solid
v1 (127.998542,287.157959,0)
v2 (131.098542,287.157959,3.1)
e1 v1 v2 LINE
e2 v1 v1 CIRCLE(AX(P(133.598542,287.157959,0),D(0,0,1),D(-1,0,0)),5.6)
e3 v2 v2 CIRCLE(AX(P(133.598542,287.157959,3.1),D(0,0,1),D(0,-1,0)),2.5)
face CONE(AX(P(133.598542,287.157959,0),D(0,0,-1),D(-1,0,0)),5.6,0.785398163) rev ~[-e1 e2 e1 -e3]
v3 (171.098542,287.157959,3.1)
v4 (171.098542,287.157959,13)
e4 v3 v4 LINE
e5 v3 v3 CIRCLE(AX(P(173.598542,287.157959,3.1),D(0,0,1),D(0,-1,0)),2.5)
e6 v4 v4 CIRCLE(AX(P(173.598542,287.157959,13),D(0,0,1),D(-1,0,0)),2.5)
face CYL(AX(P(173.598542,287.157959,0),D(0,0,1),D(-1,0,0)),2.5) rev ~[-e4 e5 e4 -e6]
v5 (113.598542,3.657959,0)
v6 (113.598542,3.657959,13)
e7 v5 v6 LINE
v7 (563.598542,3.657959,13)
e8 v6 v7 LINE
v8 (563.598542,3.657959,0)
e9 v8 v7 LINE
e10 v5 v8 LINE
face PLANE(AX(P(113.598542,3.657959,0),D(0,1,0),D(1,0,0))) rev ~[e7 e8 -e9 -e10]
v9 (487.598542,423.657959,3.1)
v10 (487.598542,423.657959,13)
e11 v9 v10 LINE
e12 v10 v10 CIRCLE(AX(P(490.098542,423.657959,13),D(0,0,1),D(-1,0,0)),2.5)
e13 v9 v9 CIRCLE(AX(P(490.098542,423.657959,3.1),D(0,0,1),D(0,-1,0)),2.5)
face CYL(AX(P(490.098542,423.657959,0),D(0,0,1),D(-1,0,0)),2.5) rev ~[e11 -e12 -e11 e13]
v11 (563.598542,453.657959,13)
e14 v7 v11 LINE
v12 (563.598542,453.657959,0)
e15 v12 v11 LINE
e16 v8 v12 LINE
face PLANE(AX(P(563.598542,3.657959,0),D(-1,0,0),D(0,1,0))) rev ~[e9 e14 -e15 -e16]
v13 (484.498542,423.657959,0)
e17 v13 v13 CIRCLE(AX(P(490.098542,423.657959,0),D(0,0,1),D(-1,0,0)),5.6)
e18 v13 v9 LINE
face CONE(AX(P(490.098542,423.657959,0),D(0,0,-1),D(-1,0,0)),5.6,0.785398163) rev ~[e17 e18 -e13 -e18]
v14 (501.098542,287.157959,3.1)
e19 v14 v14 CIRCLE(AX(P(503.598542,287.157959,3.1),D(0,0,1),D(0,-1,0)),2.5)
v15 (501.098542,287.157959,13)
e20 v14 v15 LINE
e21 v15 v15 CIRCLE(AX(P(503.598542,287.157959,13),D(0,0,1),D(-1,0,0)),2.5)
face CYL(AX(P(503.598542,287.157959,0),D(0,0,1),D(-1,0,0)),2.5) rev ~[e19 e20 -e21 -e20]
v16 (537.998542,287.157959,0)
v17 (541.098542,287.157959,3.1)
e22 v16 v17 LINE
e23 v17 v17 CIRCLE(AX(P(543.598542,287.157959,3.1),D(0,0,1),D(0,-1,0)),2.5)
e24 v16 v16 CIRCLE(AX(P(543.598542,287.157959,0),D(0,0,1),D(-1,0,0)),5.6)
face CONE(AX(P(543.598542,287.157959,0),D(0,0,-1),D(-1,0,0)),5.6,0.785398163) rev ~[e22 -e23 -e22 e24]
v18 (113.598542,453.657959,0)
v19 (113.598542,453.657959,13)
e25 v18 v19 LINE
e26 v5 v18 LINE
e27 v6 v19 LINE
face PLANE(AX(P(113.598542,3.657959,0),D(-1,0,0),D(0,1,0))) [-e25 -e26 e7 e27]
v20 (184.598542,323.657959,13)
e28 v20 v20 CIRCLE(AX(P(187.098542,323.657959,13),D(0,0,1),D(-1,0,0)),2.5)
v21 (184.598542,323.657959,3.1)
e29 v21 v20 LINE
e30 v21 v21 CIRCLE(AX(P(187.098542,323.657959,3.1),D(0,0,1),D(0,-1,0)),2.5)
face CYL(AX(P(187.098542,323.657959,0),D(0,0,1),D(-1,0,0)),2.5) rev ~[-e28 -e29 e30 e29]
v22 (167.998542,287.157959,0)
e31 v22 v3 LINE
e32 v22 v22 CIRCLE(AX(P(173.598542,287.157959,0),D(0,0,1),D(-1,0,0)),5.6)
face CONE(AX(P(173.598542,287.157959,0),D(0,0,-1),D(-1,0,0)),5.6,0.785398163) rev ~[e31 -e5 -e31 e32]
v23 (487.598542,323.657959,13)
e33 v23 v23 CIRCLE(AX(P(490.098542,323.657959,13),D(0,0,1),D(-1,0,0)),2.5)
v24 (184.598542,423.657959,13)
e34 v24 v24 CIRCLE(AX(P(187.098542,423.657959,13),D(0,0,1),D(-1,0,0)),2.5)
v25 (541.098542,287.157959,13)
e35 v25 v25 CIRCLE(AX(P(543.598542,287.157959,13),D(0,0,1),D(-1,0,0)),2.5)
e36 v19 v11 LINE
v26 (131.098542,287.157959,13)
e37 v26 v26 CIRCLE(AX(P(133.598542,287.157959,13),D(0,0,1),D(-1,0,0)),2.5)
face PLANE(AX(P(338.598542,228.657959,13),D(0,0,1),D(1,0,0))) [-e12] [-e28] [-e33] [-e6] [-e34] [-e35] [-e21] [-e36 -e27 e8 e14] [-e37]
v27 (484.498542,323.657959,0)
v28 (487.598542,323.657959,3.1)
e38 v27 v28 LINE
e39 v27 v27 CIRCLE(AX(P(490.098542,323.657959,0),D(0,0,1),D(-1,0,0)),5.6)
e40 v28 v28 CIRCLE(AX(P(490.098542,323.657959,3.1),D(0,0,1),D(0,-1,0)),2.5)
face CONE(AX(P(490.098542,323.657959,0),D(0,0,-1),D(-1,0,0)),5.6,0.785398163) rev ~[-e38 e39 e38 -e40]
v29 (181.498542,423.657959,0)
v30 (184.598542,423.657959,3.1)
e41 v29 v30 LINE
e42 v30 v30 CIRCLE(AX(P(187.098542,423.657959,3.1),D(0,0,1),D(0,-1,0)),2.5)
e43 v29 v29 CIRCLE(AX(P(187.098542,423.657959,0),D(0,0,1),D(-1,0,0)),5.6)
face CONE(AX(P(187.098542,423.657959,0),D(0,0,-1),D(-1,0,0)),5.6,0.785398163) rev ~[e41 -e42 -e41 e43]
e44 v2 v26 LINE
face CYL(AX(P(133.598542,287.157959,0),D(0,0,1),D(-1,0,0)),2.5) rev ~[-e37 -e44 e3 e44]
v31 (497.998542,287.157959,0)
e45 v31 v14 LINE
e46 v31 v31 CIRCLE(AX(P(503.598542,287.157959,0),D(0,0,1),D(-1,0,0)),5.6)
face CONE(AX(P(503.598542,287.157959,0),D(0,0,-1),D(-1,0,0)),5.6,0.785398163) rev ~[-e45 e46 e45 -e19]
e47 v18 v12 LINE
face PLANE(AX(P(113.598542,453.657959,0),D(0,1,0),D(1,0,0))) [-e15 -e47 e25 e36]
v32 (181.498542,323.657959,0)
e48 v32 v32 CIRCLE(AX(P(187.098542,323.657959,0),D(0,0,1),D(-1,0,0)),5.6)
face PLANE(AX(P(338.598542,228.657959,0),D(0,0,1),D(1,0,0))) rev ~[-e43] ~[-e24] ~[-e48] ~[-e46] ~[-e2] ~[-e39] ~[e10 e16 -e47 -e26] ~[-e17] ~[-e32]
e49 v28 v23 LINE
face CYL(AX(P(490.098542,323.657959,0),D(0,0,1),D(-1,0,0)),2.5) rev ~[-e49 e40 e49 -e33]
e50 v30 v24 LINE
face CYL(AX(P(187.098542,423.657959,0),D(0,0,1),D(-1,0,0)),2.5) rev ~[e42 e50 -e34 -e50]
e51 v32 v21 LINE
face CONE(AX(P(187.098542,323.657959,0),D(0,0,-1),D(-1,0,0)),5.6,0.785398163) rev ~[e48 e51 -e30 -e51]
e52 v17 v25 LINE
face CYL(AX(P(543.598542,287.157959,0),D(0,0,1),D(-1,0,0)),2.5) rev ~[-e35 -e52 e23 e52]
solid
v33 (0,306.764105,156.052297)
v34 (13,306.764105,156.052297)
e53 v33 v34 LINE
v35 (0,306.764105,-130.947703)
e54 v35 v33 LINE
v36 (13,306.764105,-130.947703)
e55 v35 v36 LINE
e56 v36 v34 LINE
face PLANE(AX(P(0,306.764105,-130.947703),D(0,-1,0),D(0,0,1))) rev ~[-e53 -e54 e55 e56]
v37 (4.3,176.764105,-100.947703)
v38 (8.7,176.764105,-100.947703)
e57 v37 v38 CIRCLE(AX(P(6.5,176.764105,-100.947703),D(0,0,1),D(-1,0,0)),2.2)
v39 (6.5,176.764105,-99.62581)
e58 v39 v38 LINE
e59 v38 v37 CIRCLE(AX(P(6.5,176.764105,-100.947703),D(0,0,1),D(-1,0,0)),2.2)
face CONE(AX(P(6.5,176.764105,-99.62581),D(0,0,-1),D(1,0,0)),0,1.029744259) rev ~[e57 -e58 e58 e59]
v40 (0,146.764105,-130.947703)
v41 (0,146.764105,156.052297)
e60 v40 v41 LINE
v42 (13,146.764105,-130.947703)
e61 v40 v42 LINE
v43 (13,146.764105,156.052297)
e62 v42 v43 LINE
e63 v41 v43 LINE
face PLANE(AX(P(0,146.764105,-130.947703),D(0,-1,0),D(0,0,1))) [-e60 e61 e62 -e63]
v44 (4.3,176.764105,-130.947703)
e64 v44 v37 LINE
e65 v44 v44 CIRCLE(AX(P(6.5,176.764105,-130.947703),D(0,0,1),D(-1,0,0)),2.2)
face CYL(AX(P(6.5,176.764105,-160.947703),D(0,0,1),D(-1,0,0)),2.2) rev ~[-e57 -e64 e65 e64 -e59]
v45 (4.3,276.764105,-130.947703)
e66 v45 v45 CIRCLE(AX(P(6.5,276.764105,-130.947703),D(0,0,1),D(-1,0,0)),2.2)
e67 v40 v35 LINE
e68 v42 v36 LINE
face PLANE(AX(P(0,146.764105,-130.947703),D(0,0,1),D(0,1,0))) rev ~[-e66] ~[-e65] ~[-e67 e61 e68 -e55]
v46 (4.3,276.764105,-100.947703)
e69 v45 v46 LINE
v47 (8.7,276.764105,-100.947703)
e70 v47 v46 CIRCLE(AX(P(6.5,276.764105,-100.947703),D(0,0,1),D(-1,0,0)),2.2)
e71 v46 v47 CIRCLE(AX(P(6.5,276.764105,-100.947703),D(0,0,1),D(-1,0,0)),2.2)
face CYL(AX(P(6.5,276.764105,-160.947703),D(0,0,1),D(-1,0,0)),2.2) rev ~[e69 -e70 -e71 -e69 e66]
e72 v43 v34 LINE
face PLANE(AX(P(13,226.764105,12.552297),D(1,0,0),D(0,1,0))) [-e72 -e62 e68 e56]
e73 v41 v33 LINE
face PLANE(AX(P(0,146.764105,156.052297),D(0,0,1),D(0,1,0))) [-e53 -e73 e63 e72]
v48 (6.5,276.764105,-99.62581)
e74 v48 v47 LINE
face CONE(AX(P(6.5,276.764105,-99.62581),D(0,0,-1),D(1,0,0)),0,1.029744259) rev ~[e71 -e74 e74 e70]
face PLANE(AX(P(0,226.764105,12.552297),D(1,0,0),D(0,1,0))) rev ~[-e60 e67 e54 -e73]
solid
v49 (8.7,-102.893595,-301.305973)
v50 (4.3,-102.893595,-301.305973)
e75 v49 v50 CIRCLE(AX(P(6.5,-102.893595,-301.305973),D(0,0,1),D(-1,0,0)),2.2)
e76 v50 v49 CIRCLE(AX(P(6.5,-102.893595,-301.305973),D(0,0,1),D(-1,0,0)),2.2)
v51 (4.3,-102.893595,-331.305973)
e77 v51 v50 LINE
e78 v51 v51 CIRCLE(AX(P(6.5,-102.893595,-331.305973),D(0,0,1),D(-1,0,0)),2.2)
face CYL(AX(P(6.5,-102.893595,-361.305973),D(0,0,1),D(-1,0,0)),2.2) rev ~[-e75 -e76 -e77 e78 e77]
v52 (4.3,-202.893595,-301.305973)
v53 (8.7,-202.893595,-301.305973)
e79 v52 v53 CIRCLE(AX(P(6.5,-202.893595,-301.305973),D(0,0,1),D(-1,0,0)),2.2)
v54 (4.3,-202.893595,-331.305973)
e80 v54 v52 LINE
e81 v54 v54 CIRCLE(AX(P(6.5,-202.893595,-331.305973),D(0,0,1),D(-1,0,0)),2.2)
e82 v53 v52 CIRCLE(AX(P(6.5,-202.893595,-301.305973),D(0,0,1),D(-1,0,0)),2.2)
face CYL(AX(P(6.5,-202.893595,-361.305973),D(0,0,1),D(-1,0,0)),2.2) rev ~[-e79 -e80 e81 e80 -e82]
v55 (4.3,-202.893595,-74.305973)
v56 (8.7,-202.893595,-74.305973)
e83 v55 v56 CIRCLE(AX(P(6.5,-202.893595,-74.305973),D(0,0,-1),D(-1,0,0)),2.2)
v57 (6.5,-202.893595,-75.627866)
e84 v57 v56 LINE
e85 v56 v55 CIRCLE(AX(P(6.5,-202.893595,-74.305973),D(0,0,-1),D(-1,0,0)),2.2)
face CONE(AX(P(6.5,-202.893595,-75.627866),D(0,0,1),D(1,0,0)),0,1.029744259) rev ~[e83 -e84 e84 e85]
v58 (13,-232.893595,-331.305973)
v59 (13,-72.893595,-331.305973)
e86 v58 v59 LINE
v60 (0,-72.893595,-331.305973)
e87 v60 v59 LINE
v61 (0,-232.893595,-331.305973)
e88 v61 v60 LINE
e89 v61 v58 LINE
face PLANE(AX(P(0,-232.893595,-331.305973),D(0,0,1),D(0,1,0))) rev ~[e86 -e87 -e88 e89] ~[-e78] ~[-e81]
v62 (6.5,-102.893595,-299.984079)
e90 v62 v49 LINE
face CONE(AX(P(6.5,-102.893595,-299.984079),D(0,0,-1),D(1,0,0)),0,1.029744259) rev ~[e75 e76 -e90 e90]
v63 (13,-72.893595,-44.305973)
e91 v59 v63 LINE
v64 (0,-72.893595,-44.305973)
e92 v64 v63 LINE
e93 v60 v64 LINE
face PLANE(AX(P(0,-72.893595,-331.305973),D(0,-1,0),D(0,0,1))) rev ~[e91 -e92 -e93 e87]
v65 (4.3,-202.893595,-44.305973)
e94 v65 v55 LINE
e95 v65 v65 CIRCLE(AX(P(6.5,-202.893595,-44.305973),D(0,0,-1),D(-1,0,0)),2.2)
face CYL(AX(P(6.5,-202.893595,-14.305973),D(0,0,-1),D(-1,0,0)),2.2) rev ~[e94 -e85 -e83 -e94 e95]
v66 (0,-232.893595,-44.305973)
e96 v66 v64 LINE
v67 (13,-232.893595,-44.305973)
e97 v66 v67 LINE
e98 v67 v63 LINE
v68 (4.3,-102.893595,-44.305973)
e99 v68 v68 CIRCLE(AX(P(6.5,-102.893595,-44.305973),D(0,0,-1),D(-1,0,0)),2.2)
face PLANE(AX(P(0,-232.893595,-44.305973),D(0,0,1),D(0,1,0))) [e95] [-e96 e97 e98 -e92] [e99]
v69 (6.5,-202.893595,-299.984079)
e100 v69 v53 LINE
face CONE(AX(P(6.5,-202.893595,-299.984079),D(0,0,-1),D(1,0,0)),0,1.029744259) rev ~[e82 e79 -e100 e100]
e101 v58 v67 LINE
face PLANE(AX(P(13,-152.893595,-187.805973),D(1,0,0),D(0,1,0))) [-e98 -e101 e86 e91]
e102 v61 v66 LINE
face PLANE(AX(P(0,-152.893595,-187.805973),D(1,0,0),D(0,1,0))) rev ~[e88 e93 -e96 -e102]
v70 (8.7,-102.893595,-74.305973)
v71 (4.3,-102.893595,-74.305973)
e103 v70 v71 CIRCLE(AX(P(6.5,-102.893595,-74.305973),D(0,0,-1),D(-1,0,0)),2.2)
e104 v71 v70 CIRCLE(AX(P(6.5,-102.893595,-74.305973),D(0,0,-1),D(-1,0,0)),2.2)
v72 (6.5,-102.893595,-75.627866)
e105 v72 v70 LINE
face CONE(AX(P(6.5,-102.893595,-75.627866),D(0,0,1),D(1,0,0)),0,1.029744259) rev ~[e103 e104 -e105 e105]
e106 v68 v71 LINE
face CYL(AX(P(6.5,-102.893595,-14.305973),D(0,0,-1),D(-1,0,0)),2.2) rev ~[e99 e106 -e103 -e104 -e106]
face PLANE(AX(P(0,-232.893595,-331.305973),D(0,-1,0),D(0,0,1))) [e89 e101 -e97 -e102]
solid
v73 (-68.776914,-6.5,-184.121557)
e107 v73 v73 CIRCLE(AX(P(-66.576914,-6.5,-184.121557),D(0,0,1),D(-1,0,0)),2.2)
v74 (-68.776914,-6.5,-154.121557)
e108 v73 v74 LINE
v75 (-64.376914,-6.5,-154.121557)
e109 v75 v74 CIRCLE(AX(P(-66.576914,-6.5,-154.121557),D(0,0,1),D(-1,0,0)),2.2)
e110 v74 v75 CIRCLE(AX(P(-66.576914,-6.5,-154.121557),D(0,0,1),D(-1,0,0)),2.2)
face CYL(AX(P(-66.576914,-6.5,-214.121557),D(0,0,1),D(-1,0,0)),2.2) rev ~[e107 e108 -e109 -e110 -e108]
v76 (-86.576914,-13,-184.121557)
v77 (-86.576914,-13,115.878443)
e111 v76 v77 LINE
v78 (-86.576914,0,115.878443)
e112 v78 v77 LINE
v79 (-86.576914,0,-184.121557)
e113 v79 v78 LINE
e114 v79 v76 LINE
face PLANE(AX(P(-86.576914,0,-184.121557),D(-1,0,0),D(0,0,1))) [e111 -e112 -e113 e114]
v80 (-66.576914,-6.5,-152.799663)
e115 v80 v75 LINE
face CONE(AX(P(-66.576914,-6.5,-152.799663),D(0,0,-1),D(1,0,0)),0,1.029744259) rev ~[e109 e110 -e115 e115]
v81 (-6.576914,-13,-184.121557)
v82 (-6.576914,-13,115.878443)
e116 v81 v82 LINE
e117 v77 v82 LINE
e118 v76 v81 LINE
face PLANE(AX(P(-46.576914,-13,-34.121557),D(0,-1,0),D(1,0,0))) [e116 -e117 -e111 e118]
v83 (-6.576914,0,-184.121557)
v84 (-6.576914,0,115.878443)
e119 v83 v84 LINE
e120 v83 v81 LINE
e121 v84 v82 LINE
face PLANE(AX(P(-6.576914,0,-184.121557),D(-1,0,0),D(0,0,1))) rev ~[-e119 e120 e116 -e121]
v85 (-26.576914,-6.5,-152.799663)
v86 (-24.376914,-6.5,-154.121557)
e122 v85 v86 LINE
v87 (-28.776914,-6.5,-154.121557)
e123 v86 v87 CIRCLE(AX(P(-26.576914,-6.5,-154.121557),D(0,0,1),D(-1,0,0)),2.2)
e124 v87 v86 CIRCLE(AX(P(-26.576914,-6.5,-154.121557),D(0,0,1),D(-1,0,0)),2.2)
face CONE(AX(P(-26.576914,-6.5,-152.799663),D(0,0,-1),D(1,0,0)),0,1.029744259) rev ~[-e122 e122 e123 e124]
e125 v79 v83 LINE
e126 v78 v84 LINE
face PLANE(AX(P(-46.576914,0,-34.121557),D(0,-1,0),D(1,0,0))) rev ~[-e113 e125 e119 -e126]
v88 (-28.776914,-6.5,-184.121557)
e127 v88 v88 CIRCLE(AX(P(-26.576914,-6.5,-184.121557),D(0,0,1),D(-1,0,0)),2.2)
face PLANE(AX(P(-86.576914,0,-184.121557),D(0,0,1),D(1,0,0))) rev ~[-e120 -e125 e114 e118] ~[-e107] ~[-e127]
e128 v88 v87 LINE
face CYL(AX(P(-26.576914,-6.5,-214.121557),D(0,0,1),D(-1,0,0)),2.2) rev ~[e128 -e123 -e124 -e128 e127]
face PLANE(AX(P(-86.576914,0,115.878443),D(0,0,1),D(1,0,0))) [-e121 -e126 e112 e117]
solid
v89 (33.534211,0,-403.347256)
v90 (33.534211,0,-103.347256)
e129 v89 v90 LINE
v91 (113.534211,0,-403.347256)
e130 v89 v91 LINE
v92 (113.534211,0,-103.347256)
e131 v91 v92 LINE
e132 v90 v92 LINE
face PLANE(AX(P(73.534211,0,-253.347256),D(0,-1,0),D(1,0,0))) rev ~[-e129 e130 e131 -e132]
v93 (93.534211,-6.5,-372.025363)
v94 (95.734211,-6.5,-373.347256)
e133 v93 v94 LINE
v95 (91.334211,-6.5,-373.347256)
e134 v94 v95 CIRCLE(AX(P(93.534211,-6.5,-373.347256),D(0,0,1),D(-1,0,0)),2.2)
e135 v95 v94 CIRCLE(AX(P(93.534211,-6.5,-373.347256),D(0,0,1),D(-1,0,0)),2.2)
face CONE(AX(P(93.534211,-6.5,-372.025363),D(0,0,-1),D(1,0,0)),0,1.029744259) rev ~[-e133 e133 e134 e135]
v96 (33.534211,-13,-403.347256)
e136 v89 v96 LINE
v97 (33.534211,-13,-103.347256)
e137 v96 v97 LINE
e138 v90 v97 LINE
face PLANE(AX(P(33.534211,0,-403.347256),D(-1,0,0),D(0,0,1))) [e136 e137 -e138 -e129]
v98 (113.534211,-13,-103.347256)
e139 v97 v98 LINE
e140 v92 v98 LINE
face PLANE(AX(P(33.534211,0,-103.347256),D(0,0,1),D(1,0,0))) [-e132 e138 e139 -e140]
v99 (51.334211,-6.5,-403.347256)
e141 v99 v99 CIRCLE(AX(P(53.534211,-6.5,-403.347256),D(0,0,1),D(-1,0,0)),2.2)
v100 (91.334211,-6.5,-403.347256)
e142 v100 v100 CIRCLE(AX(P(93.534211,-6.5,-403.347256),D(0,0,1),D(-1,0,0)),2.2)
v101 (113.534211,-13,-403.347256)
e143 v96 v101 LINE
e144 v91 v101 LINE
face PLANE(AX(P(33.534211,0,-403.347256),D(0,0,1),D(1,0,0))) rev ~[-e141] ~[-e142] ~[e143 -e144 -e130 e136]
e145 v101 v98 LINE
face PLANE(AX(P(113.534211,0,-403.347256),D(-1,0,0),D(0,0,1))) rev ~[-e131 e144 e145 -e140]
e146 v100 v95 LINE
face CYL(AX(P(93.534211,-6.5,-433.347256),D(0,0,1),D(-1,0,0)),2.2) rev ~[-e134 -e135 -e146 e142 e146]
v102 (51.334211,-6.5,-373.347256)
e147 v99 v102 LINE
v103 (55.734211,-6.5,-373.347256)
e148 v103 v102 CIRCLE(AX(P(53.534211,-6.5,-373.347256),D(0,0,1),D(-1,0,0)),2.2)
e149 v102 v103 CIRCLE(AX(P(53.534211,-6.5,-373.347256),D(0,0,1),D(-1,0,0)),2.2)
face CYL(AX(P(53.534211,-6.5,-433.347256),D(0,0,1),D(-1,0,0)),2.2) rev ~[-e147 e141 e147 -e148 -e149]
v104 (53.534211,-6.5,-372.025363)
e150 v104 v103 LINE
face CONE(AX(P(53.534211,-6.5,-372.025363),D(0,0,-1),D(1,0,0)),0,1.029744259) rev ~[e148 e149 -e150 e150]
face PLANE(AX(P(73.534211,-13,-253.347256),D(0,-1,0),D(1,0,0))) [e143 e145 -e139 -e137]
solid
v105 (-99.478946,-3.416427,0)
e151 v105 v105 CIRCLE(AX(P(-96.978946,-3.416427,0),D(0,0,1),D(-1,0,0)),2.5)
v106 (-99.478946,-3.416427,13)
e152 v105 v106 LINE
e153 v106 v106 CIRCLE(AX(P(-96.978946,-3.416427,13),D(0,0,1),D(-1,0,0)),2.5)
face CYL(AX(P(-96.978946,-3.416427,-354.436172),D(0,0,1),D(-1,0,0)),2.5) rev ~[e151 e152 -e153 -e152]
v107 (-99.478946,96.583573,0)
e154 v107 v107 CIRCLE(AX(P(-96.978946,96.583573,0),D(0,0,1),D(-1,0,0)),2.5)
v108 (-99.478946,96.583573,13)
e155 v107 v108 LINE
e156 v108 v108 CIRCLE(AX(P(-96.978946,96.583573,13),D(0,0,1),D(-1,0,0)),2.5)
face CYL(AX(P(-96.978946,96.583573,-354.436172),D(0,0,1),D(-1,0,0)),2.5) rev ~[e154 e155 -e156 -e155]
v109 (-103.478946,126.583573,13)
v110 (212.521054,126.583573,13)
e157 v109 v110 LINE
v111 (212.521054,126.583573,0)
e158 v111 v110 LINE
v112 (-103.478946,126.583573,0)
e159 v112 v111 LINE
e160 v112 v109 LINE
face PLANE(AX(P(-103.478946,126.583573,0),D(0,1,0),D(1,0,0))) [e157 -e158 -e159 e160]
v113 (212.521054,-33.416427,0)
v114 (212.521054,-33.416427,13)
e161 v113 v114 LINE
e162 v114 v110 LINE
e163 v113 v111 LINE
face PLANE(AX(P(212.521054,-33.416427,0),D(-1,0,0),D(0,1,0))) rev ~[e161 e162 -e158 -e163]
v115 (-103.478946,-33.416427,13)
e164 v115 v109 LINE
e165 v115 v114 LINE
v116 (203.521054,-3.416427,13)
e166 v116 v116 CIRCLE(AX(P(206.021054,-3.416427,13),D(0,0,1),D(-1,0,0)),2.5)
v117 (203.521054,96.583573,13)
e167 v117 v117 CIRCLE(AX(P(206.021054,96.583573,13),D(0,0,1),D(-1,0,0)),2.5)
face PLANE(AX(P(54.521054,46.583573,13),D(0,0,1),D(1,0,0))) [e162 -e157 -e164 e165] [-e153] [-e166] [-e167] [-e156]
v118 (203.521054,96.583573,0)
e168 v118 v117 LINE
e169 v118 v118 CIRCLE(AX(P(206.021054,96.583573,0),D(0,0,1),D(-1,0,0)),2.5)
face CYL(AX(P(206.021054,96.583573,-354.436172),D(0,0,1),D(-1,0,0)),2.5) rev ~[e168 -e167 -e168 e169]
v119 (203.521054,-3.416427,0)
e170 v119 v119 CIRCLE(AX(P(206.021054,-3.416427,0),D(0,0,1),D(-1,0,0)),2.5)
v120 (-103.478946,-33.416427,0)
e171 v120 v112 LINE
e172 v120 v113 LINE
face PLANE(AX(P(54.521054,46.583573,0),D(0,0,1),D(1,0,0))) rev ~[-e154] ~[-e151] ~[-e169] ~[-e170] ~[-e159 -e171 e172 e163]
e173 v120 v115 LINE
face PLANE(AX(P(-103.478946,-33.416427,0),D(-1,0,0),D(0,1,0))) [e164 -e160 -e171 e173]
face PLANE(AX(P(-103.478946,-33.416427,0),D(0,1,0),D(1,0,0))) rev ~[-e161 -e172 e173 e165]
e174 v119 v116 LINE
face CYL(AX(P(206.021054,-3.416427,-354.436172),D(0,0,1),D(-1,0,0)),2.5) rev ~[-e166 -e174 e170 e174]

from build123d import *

# Parameters (mm, degrees)
F0_W            = 450
F0_H            = 450
F6_DEPTH        = 13
F1_W            = 80
F1_H            = 300
F7_DEPTH        = 13
F2_W            = 80
F2_H            = 300
F8_DEPTH        = 13
F3_W            = 160
F3_H            = 287
F9_DEPTH        = 13
F4_W            = 160
F4_H            = 287
F10_DEPTH       = 13
F5_W            = 316
F5_H            = 160
F11_DEPTH       = 13
F17_D           = 5
F17_CSINK_D     = 11.2
F17_CSINK_ANGLE = 90
F18_D           = 4.4
F18_DEPTH       = 30
F18_TIP         = 1.3218933619
F19_D           = 4.4
F19_DEPTH       = 30
F19_TIP         = 1.3218933619
F20_D           = 4.4
F20_DEPTH       = 30
F20_TIP         = 1.3218933619
F21_D           = 4.4
F21_DEPTH       = 30
F21_TIP         = 1.3218933619
F23_D           = 4.4
F23_DEPTH       = 30
F23_TIP         = 1.3218933619
F24_D           = 5


with BuildPart() as f6:
    # F0 (on Top) → F6 (new body)
    with BuildSketch(Plane.XY):
        with Locations((338.5985419154, 228.6579591743)):
            Rectangle(F0_W, F0_H)
    extrude(amount=F6_DEPTH)

    # F17 (through all)
    with Locations(Plane(origin=(0, 0, 0), x_dir=(1, 0, 0), z_dir=(0, 0, -1))):
        with Locations((187.0985419154, -423.6579591743), (187.0985419154, -323.6579591743), (173.5985419154, -287.1579591743), (133.5985419154, -287.1579591743), (490.0985419154, -423.6579591743), (490.0985419154, -323.6579591743), (503.5985419154, -287.1579591743), (543.5985419154, -287.1579591743)):
            CounterSinkHole(F17_D / 2, F17_CSINK_D / 2, counter_sink_angle=F17_CSINK_ANGLE)


with BuildPart() as f7:
    # F1 (on Front) → F7 (new body)
    with BuildSketch(Plane.XZ):
        with Locations((-46.5769142039, -34.1215565801)):
            Rectangle(F1_W, F1_H)
    extrude(amount=F7_DEPTH)

    # F18
    with Locations(Plane(origin=(0, 0, -184.1215565801), x_dir=(1, 0, 0), z_dir=(0, 0, -1))):
        with Locations((-66.5769142039, 6.5), (-26.5769142039, 6.5)):
            Hole(F18_D / 2, depth=F18_DEPTH)
            with Locations((0, 0, -(F18_DEPTH + F18_TIP / 2))):  # 118° drill point
                Cone(0, F18_D / 2, F18_TIP, mode=Mode.SUBTRACT)


with BuildPart() as f8:
    # F2 (on Front) → F8 (new body)
    with BuildSketch(Plane.XZ):
        with Locations((73.5342111439, -253.3472559649)):
            Rectangle(F2_W, F2_H)
    extrude(amount=F8_DEPTH)

    # F19
    with Locations(Plane(origin=(0, 0, -403.3472559649), x_dir=(1, 0, 0), z_dir=(0, 0, -1))):
        with Locations((53.5342111439, 6.5), (93.5342111439, 6.5)):
            Hole(F19_D / 2, depth=F19_DEPTH)
            with Locations((0, 0, -(F19_DEPTH + F19_TIP / 2))):  # 118° drill point
                Cone(0, F19_D / 2, F19_TIP, mode=Mode.SUBTRACT)


with BuildPart() as f9:
    # F3 (on Right) → F9 (new body)
    with BuildSketch(Plane.YZ):
        with Locations((-152.893594844, -187.8059728593)):
            Rectangle(F3_W, F3_H)
    extrude(amount=F9_DEPTH)

    # F20
    with Locations(Plane(origin=(0, 0, -331.3059728593), x_dir=(1, 0, 0), z_dir=(0, 0, -1))):
        with Locations((6.5, 202.893594844), (6.5, 102.893594844)):
            Hole(F20_D / 2, depth=F20_DEPTH)
            with Locations((0, 0, -(F20_DEPTH + F20_TIP / 2))):  # 118° drill point
                Cone(0, F20_D / 2, F20_TIP, mode=Mode.SUBTRACT)

    # F23
    with Locations(Plane.XY.offset(-44.3059728593)):
        with Locations((6.5, -102.893594844), (6.5, -202.893594844)):
            Hole(F23_D / 2, depth=F23_DEPTH)
            with Locations((0, 0, -(F23_DEPTH + F23_TIP / 2))):  # 118° drill point
                Cone(0, F23_D / 2, F23_TIP, mode=Mode.SUBTRACT)


with BuildPart() as f10:
    # F4 (on Right) → F10 (new body)
    with BuildSketch(Plane.YZ):
        with Locations((226.7641051293, 12.5522968769)):
            Rectangle(F4_W, F4_H)
    extrude(amount=F10_DEPTH)

    # F21
    with Locations(Plane(origin=(0, 0, -130.9477031231), x_dir=(1, 0, 0), z_dir=(0, 0, -1))):
        with Locations((6.5, -176.7641051293), (6.5, -276.7641051293)):
            Hole(F21_D / 2, depth=F21_DEPTH)
            with Locations((0, 0, -(F21_DEPTH + F21_TIP / 2))):  # 118° drill point
                Cone(0, F21_D / 2, F21_TIP, mode=Mode.SUBTRACT)


with BuildPart() as f11:
    # F5 (on Top) → F11 (new body)
    with BuildSketch(Plane.XY):
        with Locations((54.5210540295, 46.5835733128)):
            Rectangle(F5_W, F5_H)
    extrude(amount=F11_DEPTH)

    # F24 (through all)
    with Locations(Plane(origin=(0, 0, 0), x_dir=(1, 0, 0), z_dir=(0, 0, -1))):
        with Locations((-96.9789459705, 3.4164266872), (-96.9789459705, -96.5835733128), (206.0210540295, -96.5835733128), (206.0210540295, 3.4164266872)):
            Hole(F24_D / 2)


solid = Compound([f6.part, f7.part, f8.part, f9.part, f10.part, f11.part])
